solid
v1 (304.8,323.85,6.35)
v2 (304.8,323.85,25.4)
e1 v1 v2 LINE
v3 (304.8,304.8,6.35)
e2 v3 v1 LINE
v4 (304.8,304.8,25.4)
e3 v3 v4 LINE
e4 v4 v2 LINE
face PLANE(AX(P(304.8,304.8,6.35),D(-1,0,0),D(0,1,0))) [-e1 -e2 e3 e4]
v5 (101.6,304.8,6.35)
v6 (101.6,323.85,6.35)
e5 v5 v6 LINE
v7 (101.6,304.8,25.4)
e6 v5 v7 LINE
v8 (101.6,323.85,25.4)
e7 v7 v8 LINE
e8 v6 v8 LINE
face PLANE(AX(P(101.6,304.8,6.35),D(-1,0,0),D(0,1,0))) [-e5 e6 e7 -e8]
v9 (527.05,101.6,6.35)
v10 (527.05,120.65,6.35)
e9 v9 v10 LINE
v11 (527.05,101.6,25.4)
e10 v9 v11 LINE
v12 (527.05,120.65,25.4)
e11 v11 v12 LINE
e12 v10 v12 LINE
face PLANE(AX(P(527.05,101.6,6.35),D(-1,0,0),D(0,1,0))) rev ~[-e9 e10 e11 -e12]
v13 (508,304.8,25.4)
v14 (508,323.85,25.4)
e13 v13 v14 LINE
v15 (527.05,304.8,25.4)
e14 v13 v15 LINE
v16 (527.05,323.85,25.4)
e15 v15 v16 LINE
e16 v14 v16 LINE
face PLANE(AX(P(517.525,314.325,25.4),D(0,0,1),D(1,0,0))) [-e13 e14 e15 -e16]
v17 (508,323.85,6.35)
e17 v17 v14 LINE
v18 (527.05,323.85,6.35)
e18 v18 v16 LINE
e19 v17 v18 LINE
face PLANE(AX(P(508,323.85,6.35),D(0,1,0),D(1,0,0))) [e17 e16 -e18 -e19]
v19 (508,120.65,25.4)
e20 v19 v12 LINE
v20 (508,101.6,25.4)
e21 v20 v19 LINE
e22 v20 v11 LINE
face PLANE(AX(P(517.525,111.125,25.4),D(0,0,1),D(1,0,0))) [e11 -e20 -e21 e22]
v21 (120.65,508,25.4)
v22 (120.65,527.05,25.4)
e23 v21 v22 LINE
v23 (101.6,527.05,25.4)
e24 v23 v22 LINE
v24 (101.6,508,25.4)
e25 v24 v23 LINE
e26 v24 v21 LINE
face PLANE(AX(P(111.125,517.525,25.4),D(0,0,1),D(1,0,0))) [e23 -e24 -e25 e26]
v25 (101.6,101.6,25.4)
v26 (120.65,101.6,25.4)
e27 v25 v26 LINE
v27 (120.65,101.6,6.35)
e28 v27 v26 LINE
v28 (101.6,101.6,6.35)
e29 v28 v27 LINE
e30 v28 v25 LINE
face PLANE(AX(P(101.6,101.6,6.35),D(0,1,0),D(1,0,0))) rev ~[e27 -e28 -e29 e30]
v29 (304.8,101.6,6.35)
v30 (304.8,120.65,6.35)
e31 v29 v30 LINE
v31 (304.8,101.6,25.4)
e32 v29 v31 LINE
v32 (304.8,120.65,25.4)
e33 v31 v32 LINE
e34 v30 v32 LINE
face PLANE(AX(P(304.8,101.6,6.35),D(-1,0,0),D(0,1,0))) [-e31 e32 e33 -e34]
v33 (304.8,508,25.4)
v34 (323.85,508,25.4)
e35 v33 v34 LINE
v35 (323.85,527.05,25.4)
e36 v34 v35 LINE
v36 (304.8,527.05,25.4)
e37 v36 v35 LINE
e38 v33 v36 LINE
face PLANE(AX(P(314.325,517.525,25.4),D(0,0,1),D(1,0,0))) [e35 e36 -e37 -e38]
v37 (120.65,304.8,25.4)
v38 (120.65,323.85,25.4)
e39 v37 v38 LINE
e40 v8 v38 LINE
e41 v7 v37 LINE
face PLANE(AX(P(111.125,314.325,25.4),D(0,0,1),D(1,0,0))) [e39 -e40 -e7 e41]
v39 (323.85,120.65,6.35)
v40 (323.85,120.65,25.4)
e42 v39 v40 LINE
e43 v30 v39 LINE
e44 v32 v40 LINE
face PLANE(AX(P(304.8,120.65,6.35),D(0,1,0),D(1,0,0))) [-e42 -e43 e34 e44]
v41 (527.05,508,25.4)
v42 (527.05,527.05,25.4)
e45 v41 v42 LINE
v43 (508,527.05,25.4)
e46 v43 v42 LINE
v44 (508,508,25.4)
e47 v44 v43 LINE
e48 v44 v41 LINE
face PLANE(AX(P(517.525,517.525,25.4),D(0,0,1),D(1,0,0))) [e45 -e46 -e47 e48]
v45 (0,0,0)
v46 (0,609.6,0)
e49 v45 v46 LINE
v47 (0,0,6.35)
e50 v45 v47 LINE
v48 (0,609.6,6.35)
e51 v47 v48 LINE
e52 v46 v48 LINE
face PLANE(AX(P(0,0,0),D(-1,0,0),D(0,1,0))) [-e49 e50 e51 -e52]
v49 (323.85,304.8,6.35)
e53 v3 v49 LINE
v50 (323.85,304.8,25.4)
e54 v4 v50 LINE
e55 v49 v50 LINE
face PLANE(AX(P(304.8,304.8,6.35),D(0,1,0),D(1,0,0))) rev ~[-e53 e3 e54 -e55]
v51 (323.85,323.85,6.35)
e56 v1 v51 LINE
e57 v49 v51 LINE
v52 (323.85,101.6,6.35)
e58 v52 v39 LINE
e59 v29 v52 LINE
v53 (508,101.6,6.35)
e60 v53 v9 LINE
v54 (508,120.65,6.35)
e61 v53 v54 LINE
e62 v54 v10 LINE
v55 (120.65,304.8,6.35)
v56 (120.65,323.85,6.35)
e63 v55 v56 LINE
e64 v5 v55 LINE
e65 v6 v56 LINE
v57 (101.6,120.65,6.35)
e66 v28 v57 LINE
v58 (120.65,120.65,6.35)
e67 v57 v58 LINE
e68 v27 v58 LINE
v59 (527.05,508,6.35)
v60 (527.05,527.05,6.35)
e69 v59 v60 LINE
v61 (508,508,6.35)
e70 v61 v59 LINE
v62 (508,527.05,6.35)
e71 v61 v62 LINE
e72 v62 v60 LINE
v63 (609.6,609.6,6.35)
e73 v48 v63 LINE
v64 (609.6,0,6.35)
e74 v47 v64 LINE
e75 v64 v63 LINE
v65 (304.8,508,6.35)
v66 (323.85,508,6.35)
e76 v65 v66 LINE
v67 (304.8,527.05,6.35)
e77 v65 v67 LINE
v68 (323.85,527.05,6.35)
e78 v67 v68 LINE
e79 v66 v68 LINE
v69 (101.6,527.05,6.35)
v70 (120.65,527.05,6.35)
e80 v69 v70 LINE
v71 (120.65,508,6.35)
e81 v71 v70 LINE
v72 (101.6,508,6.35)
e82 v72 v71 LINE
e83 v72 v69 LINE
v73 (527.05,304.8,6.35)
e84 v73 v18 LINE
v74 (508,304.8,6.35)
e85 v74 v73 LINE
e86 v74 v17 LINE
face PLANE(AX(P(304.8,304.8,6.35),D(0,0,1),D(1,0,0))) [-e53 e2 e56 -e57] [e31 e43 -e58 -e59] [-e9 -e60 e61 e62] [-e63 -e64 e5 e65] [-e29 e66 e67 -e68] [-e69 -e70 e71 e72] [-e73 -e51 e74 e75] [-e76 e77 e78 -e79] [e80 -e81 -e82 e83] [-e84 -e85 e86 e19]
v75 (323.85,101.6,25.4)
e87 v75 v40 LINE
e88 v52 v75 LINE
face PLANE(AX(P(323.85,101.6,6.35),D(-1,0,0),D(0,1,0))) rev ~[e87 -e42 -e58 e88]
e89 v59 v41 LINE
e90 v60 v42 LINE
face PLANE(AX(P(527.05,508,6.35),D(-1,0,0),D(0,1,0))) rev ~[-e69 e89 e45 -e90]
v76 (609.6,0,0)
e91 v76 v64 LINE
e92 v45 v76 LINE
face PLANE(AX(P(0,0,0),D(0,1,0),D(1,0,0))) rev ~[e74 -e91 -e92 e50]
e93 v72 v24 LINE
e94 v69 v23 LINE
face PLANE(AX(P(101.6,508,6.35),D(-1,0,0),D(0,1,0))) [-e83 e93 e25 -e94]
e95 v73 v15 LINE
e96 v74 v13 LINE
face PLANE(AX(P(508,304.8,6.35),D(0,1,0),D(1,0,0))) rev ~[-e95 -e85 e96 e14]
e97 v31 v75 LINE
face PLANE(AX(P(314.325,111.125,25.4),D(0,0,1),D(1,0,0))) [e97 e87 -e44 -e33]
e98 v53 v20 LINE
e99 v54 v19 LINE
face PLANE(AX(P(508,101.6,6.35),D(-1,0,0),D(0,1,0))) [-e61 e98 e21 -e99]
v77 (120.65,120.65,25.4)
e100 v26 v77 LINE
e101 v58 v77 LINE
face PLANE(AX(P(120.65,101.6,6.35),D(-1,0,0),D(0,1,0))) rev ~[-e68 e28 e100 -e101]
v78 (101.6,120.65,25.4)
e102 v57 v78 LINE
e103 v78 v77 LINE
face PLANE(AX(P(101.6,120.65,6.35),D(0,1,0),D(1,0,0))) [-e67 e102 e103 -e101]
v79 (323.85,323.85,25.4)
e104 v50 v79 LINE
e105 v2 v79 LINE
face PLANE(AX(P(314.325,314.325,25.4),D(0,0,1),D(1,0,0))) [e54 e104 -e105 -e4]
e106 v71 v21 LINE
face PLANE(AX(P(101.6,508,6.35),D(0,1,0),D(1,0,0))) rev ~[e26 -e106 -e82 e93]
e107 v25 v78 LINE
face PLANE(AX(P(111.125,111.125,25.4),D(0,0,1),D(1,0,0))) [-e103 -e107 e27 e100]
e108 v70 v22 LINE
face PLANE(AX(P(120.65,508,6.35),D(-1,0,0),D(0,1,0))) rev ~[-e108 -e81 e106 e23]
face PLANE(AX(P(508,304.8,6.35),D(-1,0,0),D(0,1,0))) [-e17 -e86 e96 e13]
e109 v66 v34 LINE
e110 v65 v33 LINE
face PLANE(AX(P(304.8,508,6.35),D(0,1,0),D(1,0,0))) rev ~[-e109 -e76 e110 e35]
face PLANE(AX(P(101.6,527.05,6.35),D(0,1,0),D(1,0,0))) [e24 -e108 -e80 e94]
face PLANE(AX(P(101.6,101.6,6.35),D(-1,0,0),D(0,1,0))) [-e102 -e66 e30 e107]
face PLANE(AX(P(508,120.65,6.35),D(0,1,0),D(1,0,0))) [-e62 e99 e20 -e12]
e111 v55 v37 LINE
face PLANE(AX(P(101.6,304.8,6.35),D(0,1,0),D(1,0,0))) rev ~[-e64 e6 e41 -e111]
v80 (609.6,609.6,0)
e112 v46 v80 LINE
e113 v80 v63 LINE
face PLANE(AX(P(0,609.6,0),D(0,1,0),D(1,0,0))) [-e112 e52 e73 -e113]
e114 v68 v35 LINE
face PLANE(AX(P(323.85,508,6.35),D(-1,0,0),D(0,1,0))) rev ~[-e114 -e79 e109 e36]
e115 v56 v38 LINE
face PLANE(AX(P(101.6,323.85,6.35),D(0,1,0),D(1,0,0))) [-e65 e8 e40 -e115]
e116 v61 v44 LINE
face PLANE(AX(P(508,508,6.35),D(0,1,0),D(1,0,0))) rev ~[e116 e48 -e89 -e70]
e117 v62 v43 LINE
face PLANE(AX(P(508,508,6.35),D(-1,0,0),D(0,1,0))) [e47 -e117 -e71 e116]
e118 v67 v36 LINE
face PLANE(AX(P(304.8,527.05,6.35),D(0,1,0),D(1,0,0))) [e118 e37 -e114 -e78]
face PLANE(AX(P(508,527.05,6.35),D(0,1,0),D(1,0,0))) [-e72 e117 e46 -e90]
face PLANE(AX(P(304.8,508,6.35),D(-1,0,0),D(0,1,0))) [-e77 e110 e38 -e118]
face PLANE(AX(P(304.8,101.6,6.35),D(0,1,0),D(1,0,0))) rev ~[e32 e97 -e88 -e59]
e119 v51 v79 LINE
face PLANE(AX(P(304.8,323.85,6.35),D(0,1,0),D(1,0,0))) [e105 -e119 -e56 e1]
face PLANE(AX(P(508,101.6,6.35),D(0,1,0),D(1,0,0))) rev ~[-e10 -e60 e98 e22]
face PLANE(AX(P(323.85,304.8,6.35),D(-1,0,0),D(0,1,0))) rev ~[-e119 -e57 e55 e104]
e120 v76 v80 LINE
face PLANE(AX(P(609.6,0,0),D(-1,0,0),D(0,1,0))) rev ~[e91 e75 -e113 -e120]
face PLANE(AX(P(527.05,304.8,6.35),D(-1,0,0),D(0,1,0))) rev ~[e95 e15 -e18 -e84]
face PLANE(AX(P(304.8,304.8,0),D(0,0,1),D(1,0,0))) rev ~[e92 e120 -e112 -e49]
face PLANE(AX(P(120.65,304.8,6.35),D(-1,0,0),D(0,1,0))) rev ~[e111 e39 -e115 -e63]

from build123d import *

# Parameters (mm, degrees)
F0_W     = 609.6
F0_H     = 609.6
F1_DEPTH = 6.35
F2_W     = 19.05
F2_H     = 19.05
F3_DEPTH = 19.05


with BuildPart() as f1:
    # F0 (on Top) → F1 (new body)
    with BuildSketch(Plane.XY):
        with Locations((304.8, 304.8)):
            Rectangle(F0_W, F0_H)
    extrude(amount=F1_DEPTH)

    # F2 (on face) → F3 (join)
    with BuildSketch(Plane.XY.offset(6.35)):
        with Locations((111.125, 111.125)):
            Rectangle(F2_W, F2_H)
        with Locations((111.125, 314.325)):
            Rectangle(F2_W, F2_H)
        with Locations((111.125, 517.525)):
            Rectangle(F2_W, F2_H)
        with Locations((314.325, 111.125)):
            Rectangle(F2_W, F2_H)
        with Locations((314.325, 314.325)):
            Rectangle(F2_W, F2_H)
        with Locations((314.325, 517.525)):
            Rectangle(F2_W, F2_H)
        with Locations((517.525, 111.125)):
            Rectangle(F2_W, F2_H)
        with Locations((517.525, 314.325)):
            Rectangle(F2_W, F2_H)
        with Locations((517.525, 517.525)):
            Rectangle(F2_W, F2_H)
    extrude(amount=F3_DEPTH)


solid = f1.part
